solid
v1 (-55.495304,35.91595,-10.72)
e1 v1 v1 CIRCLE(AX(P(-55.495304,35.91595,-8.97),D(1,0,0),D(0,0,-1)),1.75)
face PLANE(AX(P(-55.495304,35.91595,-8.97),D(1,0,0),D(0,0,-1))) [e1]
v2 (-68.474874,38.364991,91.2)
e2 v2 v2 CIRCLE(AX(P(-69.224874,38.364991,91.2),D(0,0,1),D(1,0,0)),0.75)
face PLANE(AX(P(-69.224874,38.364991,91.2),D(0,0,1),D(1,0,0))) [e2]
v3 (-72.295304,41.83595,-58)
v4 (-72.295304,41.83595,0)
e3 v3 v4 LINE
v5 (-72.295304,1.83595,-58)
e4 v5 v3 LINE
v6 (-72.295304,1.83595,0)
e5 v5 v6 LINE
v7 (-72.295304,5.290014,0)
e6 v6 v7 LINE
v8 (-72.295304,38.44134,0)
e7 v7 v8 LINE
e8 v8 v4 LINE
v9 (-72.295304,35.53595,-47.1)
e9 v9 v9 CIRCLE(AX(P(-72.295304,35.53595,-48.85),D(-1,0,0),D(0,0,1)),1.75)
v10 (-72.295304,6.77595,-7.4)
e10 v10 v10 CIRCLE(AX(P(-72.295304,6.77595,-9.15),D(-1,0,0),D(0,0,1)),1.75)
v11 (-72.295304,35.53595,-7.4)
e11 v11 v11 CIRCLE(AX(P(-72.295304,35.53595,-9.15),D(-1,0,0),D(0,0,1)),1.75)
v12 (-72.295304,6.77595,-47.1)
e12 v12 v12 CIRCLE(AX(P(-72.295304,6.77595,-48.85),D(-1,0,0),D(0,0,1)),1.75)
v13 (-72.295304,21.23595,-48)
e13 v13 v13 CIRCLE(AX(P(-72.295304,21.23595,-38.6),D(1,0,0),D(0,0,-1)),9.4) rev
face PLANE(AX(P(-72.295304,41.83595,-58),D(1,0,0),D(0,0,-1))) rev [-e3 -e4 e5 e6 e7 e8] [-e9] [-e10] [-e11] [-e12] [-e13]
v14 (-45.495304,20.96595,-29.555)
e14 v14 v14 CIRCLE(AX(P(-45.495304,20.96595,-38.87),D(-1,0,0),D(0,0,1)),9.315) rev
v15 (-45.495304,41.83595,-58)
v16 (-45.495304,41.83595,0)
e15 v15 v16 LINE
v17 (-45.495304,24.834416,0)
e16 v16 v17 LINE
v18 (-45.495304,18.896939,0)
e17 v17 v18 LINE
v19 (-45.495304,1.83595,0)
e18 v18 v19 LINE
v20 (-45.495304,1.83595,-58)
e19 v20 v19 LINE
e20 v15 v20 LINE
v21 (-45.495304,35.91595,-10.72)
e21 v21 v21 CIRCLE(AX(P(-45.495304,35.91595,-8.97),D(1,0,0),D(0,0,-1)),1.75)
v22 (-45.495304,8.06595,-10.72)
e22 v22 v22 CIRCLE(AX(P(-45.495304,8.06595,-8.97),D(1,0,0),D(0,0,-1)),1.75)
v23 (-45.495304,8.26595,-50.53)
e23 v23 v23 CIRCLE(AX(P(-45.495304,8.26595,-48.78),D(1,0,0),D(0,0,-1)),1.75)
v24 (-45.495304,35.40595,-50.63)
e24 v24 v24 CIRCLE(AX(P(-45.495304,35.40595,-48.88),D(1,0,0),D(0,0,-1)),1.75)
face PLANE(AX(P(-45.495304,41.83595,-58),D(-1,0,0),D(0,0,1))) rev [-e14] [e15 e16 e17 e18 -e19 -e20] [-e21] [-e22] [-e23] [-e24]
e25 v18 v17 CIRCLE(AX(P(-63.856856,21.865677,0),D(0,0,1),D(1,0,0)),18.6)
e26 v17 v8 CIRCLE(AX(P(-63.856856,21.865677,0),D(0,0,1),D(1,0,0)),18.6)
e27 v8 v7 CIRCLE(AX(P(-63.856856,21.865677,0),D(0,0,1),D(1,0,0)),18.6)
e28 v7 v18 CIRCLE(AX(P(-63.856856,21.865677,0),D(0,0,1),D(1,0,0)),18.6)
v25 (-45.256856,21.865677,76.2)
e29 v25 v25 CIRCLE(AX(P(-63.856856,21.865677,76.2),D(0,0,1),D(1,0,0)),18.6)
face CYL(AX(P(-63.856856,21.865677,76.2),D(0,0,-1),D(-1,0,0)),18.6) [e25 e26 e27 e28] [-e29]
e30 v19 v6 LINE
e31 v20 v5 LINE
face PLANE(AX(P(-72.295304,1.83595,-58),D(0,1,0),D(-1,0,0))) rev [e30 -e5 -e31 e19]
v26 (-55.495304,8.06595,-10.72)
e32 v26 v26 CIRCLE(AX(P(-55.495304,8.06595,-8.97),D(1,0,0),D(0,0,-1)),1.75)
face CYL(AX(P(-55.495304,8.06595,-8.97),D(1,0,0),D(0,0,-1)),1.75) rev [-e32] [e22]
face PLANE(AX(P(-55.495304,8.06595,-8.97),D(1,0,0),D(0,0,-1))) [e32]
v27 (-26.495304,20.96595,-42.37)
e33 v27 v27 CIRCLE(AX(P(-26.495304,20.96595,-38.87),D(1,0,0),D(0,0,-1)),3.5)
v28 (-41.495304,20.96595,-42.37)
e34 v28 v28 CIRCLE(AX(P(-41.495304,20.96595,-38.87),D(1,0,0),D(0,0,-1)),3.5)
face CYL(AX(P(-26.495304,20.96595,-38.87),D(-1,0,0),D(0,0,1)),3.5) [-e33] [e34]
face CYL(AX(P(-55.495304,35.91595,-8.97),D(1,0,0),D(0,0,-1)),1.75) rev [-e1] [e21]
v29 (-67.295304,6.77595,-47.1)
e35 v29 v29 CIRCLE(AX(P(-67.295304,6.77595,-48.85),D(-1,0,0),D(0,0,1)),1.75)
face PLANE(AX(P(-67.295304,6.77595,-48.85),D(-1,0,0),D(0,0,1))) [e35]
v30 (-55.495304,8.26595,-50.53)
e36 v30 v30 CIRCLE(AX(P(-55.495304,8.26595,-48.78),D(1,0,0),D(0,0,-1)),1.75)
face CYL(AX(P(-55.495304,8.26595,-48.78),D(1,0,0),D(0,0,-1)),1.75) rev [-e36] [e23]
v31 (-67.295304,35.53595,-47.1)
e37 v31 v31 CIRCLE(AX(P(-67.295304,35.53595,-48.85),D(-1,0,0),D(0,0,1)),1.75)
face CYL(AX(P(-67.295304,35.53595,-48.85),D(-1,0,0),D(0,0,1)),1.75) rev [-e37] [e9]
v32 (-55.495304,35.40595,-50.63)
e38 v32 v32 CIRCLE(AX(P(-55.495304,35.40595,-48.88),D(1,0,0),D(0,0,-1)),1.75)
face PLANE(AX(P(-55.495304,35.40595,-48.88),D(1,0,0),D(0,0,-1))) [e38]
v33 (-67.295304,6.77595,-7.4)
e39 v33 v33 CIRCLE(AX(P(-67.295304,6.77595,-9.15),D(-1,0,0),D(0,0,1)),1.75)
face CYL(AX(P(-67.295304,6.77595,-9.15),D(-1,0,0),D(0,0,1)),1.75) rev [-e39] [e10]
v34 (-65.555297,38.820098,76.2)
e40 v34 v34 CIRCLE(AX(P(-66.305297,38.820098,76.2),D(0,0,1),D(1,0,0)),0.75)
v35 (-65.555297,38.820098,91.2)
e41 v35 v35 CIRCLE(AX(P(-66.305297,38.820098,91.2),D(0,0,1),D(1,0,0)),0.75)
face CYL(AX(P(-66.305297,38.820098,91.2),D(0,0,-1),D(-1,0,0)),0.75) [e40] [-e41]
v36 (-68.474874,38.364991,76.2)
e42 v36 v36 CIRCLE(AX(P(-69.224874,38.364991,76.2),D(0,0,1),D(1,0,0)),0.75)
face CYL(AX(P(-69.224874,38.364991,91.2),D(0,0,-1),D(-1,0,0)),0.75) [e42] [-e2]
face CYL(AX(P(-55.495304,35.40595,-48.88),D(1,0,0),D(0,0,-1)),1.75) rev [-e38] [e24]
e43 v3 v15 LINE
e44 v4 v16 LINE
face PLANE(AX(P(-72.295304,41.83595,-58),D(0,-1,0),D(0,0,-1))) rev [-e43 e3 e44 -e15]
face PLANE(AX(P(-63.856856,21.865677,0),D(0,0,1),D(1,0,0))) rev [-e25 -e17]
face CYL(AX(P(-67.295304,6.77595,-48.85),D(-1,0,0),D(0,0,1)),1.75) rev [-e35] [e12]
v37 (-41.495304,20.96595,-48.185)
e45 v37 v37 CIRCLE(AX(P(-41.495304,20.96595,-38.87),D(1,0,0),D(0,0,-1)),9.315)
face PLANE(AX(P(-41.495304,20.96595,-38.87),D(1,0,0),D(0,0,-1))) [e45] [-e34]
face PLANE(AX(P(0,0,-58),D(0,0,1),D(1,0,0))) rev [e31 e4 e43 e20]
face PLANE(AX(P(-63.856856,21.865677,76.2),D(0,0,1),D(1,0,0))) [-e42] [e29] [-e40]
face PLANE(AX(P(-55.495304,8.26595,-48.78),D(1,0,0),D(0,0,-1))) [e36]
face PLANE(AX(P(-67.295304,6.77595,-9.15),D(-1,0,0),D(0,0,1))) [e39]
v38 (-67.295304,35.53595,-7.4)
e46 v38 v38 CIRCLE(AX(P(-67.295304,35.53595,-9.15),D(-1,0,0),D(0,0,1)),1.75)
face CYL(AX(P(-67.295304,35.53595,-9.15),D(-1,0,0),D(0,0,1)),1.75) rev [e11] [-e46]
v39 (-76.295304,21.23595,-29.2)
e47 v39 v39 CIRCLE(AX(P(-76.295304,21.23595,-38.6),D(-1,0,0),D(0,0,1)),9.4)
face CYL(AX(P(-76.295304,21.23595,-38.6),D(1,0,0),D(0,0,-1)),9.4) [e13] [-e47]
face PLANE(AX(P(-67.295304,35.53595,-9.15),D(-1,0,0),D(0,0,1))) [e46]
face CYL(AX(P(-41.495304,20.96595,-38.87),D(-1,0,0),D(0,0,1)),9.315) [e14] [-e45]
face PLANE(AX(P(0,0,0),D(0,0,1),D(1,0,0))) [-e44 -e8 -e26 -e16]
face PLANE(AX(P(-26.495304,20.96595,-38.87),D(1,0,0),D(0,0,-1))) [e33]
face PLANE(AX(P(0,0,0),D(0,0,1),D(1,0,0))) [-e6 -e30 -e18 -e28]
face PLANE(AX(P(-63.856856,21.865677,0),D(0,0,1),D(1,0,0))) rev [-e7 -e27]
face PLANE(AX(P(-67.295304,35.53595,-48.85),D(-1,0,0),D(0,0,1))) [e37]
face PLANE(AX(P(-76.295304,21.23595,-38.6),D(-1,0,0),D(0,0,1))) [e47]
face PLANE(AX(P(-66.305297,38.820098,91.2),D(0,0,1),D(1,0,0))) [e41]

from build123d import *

# Parameters (mm, degrees)
SKETCH4_R           = 18.6
BOSS_EXTRUDE3_DEPTH = 76.2
SKETCH5_R           = 0.75
BOSS_EXTRUDE4_DEPTH = 15
SKETCH6_R           = 0.75
BOSS_EXTRUDE5_DEPTH = 15
SKETCH7_W           = 26.8
SKETCH7_H           = 40
BOSS_EXTRUDE6_DEPTH = 58
SKETCH8_R           = 1.75
CUT_EXTRUDE1_DEPTH  = 5
SKETCH9_R           = 1.75
CUT_EXTRUDE2_DEPTH  = 5
SKETCH10_R          = 1.75
CUT_EXTRUDE3_DEPTH  = 5
SKETCH11_R          = 1.75
CUT_EXTRUDE4_DEPTH  = 5
SKETCH12_R          = 9.4
BOSS_EXTRUDE7_DEPTH = 4
SKETCH13_R          = 1.75
CUT_EXTRUDE5_DEPTH  = 10
SKETCH14_R          = 1.75
CUT_EXTRUDE6_DEPTH  = 10
SKETCH17_R          = 1.75
CUT_EXTRUDE7_DEPTH  = 10
SKETCH18_R          = 1.75
CUT_EXTRUDE8_DEPTH  = 10
SKETCH19_R          = 9.315
BOSS_EXTRUDE8_DEPTH = 4
SKETCH21_R          = 3.5
BOSS_EXTRUDE9_DEPTH = 15


with BuildPart() as part:
    # Sketch4 → Boss-Extrude3 (new body)
    with BuildSketch(Plane.XY):
        with Locations(Location((-63.856856352, 21.865677116, 0), (0, 0, 180))):
            Circle(SKETCH4_R)
    extrude(amount=BOSS_EXTRUDE3_DEPTH)

    # Sketch5 → Boss-Extrude4 (add)
    with BuildSketch(Plane.XY.offset(76.2)):
        with Locations((-66.305296551, 38.820097555)):
            Circle(SKETCH5_R)
    extrude(amount=BOSS_EXTRUDE4_DEPTH)

    # Sketch6 → Boss-Extrude5 (add)
    with BuildSketch(Plane.XY.offset(76.2)):
        with Locations((-69.224873833, 38.364991381)):
            Circle(SKETCH6_R)
    extrude(amount=BOSS_EXTRUDE5_DEPTH)

    # Sketch7 → Boss-Extrude6 (add)
    with BuildSketch(Plane(origin=(0, 0, 0), x_dir=(-1, 0, 0), z_dir=(0, 0, -1))):
        with Locations((58.895304338, 21.83595021)):
            Rectangle(SKETCH7_W, SKETCH7_H)
    extrude(amount=BOSS_EXTRUDE6_DEPTH)

    # Sketch8 → Cut-Extrude1 (cut)
    with BuildSketch(Plane.ZY.offset(72.295304338)):
        with Locations((-48.85, 35.53595021)):
            Circle(SKETCH8_R)
    extrude(amount=-CUT_EXTRUDE1_DEPTH, mode=Mode.SUBTRACT)

    # Sketch9 → Cut-Extrude2 (cut)
    with BuildSketch(Plane.ZY.offset(72.295304338)):
        with Locations((-9.15, 35.53595021)):
            Circle(SKETCH9_R)
    extrude(amount=-CUT_EXTRUDE2_DEPTH, mode=Mode.SUBTRACT)

    # Sketch10 → Cut-Extrude3 (cut)
    with BuildSketch(Plane.ZY.offset(72.295304338)):
        with Locations((-48.85, 6.77595021)):
            Circle(SKETCH10_R)
    extrude(amount=-CUT_EXTRUDE3_DEPTH, mode=Mode.SUBTRACT)

    # Sketch11 → Cut-Extrude4 (cut)
    with BuildSketch(Plane.ZY.offset(72.295304338)):
        with Locations((-9.15, 6.77595021)):
            Circle(SKETCH11_R)
    extrude(amount=-CUT_EXTRUDE4_DEPTH, mode=Mode.SUBTRACT)

    # Sketch12 → Boss-Extrude7 (add)
    with BuildSketch(Plane.ZY.offset(72.295304338)):
        with Locations(Location((-38.6, 21.23595021, 0), (0, 0, 180))):
            Circle(SKETCH12_R)
    extrude(amount=BOSS_EXTRUDE7_DEPTH)

    # Sketch13 → Cut-Extrude5 (cut)
    with BuildSketch(Plane(origin=(-45.495304338, 0, 0), x_dir=(0, 0, -1), z_dir=(1, 0, 0))):
        with Locations((8.97, 35.91595021)):
            Circle(SKETCH13_R)
    extrude(amount=-CUT_EXTRUDE5_DEPTH, mode=Mode.SUBTRACT)

    # Sketch14 → Cut-Extrude6 (cut)
    with BuildSketch(Plane(origin=(-45.495304338, 0, 0), x_dir=(0, 0, -1), z_dir=(1, 0, 0))):
        with Locations((8.97, 8.06595021)):
            Circle(SKETCH14_R)
    extrude(amount=-CUT_EXTRUDE6_DEPTH, mode=Mode.SUBTRACT)

    # Sketch17 → Cut-Extrude7 (cut)
    with BuildSketch(Plane(origin=(-45.495304338, 0, 0), x_dir=(0, 0, -1), z_dir=(1, 0, 0))):
        with Locations((48.78, 8.26595021)):
            Circle(SKETCH17_R)
    extrude(amount=-CUT_EXTRUDE7_DEPTH, mode=Mode.SUBTRACT)

    # Sketch18 → Cut-Extrude8 (cut)
    with BuildSketch(Plane(origin=(-45.495304338, 0, 0), x_dir=(0, 0, -1), z_dir=(1, 0, 0))):
        with Locations((48.88, 35.40595021)):
            Circle(SKETCH18_R)
    extrude(amount=-CUT_EXTRUDE8_DEPTH, mode=Mode.SUBTRACT)

    # Sketch19 → Boss-Extrude8 (add)
    with BuildSketch(Plane(origin=(-45.495304338, 0, 0), x_dir=(0, 0, -1), z_dir=(1, 0, 0))):
        with Locations(Location((38.87, 20.96595021, 0), (0, 0, 180))):
            Circle(SKETCH19_R)
    extrude(amount=BOSS_EXTRUDE8_DEPTH)

    # Sketch21 → Boss-Extrude9 (add)
    with BuildSketch(Plane(origin=(-41.495304338, 0, 0), x_dir=(0, 0, -1), z_dir=(1, 0, 0))):
        with Locations((38.87, 20.96595021)):
            Circle(SKETCH21_R)
    extrude(amount=BOSS_EXTRUDE9_DEPTH)


solid = part.part
